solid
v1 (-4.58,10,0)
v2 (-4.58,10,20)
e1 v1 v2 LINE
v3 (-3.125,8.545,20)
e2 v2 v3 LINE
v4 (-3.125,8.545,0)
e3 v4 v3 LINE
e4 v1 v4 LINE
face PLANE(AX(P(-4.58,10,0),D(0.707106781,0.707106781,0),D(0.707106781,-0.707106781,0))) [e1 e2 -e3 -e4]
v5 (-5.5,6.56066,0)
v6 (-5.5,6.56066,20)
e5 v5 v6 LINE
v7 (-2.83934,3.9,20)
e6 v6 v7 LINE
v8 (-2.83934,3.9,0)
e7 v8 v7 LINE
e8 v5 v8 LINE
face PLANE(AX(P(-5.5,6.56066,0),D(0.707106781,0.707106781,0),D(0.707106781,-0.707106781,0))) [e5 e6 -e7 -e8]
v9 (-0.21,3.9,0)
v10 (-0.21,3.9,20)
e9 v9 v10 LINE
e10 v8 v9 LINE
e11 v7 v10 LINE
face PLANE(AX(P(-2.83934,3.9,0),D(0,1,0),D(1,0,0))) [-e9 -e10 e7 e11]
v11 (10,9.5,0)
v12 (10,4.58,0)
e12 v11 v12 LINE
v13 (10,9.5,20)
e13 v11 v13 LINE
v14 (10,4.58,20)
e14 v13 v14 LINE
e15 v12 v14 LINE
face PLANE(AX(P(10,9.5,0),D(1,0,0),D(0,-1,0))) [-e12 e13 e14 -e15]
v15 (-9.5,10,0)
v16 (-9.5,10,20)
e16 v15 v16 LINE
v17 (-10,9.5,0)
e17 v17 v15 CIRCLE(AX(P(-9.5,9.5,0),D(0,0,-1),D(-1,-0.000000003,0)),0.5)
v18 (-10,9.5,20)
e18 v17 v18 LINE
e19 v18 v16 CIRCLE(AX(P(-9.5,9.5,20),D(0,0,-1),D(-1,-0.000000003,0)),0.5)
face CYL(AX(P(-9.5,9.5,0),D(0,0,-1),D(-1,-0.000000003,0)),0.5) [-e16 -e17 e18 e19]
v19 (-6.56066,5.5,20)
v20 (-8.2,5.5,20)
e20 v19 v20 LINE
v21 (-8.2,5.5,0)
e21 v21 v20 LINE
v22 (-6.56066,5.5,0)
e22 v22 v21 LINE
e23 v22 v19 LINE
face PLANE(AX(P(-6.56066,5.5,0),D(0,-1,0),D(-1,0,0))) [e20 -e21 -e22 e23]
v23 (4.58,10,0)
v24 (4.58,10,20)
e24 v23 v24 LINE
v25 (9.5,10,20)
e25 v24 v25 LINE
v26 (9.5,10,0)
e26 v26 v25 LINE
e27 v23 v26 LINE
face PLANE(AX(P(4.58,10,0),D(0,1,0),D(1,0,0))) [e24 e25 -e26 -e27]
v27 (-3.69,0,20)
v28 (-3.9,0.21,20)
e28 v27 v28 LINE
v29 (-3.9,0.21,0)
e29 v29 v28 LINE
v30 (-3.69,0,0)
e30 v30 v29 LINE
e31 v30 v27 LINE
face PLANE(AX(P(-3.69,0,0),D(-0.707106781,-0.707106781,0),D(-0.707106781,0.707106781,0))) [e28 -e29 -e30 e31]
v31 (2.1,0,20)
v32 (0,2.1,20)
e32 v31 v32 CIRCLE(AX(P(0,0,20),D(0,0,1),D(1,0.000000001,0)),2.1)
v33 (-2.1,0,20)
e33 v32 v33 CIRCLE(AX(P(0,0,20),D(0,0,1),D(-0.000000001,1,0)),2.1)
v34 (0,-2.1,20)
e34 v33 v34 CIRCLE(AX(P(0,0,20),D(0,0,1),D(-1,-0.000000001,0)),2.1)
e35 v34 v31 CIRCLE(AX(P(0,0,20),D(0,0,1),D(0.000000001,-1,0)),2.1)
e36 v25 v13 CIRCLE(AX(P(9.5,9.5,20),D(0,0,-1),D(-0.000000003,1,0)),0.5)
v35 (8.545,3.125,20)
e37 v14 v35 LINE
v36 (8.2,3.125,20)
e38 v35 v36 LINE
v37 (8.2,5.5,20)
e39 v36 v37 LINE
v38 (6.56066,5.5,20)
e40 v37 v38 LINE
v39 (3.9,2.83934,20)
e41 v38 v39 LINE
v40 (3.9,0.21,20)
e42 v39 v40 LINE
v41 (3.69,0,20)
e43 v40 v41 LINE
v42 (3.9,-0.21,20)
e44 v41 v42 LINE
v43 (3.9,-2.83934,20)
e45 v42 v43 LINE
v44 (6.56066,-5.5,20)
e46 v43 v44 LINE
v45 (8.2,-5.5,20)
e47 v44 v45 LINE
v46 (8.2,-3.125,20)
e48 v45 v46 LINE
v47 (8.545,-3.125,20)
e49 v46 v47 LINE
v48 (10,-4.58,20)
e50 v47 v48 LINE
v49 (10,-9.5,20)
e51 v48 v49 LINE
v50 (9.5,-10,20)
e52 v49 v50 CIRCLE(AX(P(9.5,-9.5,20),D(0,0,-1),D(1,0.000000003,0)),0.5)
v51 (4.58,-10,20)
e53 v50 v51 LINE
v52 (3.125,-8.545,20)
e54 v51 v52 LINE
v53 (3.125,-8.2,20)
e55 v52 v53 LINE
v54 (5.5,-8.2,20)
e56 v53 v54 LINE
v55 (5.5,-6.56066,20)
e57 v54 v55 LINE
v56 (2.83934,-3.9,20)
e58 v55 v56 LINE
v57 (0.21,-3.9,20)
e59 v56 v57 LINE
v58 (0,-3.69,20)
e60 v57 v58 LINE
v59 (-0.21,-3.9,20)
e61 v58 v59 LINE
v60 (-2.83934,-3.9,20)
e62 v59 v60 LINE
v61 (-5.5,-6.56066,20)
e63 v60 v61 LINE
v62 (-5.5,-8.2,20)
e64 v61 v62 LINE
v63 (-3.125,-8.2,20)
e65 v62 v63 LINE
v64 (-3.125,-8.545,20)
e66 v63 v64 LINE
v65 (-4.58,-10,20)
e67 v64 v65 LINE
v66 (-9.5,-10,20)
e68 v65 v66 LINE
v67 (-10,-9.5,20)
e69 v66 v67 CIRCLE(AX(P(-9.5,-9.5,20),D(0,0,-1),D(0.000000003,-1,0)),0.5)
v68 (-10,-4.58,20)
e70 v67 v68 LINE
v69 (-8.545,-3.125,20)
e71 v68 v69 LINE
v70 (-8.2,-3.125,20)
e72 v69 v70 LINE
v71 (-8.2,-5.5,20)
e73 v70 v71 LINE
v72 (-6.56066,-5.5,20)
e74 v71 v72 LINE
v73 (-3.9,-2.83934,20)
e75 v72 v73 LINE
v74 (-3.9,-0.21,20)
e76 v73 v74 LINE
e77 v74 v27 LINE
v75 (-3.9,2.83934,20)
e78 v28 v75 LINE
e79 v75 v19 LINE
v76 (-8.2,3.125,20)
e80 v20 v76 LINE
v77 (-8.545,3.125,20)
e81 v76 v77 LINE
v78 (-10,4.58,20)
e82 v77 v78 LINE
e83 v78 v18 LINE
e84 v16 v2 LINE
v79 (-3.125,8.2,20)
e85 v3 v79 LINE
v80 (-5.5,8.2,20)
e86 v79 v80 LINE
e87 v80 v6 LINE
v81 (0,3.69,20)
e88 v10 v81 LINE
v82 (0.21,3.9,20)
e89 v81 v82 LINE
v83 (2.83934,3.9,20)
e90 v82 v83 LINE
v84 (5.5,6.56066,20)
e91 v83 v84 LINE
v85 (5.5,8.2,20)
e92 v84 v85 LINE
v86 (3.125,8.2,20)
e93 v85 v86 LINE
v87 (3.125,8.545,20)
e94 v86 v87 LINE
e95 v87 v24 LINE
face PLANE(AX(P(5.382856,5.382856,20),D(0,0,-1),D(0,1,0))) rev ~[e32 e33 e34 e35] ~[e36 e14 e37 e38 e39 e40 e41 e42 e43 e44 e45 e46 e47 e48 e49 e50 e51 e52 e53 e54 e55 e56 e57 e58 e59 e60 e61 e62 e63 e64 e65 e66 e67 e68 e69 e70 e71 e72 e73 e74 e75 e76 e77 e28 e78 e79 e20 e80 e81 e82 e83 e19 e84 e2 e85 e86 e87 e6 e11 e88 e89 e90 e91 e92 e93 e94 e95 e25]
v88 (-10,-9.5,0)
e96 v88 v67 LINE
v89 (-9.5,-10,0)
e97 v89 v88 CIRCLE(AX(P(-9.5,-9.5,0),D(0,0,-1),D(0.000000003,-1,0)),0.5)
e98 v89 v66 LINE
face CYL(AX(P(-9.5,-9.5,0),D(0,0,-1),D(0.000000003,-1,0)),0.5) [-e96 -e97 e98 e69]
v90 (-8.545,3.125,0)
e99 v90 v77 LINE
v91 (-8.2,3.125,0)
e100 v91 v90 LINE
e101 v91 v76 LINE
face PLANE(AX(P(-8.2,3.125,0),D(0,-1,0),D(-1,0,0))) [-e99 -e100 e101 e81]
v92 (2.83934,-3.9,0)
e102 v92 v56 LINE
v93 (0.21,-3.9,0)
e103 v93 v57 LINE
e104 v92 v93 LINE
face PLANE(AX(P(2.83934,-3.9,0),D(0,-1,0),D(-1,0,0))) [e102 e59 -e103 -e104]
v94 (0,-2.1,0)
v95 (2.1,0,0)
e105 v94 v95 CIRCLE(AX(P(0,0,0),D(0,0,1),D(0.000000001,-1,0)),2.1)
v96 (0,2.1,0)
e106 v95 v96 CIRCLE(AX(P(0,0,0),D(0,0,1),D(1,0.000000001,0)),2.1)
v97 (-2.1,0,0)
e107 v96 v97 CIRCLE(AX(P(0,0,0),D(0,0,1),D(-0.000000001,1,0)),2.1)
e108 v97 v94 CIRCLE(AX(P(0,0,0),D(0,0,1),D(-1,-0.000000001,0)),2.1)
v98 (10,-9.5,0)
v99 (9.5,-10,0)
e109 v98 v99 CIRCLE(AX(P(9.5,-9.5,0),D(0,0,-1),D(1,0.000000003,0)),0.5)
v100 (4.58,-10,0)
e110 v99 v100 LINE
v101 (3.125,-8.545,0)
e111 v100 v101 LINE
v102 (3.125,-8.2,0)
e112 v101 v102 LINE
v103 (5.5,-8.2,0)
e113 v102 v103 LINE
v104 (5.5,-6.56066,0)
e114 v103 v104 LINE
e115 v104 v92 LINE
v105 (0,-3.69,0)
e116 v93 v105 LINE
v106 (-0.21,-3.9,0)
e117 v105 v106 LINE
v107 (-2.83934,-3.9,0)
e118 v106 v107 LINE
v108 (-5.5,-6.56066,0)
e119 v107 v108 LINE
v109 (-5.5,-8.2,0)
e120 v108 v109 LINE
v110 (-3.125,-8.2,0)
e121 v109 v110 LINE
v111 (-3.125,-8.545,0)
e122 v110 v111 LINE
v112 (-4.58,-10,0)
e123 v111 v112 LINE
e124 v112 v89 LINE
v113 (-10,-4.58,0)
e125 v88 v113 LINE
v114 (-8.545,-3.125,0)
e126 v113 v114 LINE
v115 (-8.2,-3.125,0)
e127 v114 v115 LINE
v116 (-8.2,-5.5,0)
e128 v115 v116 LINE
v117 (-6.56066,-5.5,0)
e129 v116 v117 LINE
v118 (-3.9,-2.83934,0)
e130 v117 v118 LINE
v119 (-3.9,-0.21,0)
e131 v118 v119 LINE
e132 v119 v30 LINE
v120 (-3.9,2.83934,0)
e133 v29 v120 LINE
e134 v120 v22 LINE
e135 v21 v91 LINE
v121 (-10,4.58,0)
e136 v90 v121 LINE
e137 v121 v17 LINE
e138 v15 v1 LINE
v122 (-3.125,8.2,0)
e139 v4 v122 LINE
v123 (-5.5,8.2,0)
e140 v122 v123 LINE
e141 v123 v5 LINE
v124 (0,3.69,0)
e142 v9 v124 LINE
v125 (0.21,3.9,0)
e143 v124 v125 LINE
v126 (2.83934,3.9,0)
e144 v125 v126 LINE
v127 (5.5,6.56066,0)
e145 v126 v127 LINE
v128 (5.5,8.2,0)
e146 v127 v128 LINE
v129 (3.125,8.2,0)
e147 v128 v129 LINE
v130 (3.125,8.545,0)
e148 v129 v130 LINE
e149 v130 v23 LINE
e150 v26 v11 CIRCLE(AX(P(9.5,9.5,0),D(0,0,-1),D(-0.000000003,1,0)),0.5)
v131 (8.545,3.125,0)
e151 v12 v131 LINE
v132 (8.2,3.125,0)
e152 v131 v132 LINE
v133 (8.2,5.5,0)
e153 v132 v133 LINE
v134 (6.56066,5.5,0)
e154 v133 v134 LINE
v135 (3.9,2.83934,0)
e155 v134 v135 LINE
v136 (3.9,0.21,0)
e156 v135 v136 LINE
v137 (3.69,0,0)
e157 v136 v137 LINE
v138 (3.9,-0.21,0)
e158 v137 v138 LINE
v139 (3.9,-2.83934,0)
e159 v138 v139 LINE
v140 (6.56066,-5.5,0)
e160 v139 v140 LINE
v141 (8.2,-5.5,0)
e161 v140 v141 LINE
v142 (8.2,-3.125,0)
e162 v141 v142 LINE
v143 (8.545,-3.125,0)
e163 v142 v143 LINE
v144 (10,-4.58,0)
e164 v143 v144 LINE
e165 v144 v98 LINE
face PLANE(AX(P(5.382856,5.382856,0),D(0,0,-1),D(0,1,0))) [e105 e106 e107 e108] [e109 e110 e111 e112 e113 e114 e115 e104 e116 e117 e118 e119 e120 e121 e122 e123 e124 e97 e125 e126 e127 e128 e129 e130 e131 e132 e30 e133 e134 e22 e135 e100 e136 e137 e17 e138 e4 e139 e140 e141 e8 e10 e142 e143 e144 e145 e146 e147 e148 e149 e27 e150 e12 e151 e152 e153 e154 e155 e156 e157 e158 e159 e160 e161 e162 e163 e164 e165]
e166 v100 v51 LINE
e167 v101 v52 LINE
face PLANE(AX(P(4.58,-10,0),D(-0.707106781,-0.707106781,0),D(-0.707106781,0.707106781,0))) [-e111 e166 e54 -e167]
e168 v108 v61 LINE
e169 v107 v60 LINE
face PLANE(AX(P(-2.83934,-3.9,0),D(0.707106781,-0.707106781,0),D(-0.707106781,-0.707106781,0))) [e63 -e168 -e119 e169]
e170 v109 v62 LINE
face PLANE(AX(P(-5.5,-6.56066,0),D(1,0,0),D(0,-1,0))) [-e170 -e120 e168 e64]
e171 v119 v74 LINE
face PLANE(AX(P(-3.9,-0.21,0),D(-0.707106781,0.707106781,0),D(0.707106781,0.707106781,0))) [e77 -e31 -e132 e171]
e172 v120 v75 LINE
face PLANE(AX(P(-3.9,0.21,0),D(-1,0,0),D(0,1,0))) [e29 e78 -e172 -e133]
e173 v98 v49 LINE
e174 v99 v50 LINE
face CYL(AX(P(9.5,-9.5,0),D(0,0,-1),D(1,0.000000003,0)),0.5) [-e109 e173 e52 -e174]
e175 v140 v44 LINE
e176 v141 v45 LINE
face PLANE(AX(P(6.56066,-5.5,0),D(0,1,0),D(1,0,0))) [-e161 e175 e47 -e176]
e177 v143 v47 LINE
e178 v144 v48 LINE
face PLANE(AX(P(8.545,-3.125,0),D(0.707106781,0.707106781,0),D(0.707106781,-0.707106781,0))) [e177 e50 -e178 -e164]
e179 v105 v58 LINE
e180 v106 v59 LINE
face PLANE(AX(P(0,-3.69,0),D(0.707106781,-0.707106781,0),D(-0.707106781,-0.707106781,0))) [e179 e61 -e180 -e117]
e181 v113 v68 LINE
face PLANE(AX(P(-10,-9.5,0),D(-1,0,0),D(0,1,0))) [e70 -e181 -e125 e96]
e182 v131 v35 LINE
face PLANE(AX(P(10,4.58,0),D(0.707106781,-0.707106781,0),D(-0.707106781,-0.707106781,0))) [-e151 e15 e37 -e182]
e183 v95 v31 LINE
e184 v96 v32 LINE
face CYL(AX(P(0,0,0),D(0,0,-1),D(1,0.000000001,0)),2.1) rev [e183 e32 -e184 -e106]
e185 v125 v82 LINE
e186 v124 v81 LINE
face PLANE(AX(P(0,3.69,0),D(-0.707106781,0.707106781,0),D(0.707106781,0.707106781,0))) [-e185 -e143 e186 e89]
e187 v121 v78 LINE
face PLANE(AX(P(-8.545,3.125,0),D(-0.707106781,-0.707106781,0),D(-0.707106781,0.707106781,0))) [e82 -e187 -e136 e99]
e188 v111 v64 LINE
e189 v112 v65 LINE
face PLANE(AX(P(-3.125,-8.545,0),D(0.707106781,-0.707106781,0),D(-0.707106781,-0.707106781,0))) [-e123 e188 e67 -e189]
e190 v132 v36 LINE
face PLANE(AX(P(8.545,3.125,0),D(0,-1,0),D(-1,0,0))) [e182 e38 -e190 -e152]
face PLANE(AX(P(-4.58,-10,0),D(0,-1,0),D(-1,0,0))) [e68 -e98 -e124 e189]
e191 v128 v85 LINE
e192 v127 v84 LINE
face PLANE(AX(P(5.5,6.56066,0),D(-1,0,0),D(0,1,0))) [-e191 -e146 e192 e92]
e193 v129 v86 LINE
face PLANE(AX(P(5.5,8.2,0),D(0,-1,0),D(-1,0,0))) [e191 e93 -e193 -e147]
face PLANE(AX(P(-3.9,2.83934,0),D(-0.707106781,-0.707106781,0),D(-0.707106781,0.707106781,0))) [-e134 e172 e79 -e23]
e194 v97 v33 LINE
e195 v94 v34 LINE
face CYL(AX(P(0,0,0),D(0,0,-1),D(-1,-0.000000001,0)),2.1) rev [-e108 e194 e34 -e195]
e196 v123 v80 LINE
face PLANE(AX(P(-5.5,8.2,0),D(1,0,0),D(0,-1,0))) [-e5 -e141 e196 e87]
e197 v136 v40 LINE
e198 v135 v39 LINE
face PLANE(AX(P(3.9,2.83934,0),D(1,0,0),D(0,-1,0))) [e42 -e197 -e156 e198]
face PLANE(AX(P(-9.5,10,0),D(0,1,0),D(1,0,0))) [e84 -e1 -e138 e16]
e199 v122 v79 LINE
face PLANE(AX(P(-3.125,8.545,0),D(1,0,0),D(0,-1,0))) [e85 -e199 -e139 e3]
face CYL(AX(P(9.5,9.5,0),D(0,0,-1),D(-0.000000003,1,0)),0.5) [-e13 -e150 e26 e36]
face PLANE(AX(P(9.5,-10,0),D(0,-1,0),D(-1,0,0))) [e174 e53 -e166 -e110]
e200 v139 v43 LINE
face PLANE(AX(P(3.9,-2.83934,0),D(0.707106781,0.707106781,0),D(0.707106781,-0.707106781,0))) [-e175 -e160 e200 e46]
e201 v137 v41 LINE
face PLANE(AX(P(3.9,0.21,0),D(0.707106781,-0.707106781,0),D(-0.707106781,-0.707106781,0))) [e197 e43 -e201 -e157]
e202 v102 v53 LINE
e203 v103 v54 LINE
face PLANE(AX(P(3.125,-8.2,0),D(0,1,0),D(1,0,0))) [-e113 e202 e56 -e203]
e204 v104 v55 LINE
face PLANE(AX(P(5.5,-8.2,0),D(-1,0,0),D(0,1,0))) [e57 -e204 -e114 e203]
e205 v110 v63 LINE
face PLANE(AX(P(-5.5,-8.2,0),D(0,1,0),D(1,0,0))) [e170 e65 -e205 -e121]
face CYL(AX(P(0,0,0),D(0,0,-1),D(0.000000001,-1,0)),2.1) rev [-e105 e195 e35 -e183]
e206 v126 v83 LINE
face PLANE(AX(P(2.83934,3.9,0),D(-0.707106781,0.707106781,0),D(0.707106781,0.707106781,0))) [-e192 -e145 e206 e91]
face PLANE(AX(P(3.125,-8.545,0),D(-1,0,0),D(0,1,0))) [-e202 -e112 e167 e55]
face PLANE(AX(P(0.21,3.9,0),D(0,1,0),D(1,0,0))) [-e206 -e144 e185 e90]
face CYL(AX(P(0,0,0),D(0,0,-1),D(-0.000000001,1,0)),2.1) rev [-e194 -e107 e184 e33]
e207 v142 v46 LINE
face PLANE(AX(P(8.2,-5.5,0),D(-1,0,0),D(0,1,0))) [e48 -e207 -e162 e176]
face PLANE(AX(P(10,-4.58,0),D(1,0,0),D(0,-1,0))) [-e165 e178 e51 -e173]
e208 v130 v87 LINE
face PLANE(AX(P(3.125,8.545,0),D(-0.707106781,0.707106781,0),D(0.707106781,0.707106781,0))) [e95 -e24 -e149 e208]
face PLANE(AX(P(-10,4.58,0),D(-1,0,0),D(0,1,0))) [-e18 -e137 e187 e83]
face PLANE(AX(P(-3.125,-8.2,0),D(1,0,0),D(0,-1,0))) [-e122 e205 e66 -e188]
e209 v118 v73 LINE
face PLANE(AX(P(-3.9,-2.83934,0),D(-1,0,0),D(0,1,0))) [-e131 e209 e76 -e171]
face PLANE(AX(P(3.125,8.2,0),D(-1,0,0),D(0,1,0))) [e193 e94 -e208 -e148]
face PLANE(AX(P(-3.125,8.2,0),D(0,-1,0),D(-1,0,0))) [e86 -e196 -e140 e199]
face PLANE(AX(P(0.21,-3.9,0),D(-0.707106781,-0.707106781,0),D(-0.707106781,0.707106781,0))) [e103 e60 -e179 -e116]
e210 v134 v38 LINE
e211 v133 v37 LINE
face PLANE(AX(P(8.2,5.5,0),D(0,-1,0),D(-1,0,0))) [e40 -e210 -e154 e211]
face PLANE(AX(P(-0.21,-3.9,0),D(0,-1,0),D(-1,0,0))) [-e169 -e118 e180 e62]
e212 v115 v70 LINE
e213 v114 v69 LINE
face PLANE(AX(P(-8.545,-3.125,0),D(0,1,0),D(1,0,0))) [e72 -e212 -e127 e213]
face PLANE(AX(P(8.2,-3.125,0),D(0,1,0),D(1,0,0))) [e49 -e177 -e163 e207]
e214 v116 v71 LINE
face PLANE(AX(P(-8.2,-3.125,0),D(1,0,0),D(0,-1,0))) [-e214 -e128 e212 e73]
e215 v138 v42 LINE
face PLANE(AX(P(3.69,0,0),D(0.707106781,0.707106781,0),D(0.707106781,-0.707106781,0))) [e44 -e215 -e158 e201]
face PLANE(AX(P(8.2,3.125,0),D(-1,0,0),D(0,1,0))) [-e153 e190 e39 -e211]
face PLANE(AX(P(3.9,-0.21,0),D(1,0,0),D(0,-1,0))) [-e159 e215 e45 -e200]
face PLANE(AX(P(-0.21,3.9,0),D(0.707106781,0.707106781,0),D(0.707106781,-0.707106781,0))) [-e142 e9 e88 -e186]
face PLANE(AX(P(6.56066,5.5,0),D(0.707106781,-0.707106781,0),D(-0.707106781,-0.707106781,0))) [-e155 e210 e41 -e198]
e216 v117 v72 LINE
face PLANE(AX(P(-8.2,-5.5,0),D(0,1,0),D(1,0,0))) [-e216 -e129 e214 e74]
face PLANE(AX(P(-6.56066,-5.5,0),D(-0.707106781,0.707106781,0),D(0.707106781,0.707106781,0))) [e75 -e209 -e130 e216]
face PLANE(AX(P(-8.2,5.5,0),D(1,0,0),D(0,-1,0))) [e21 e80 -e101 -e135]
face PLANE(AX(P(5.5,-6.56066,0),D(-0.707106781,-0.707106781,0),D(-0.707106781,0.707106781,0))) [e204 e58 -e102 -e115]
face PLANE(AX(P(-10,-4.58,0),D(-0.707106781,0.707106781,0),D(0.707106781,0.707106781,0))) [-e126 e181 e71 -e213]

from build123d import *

# Parameters (mm, degrees)
BOSS_EXTRU_1_DEPTH           = 20
R_P_TITION_CIRCULAIRE1_COUNT = 4


with BuildPart() as part:
    # Esquisse1 → Boss.-Extru.1 (new body)
    with BuildSketch(Plane.XY):
        with BuildLine():
            Line((-9.5, 10), (-4.58, 10))
            Line((-4.58, 10), (-3.125, 8.545))
            Line((-3.125, 8.545), (-3.125, 8.2))
            Line((-3.125, 8.2), (-5.5, 8.2))
            Line((-5.5, 8.2), (-5.5, 6.560660172))
            Line((-5.5, 6.560660172), (-2.839339828, 3.9))
            Line((-2.839339828, 3.9), (-0.21, 3.9))
            Line((-0.21, 3.9), (0, 3.69))
            Line((0, 3.69), (0, 2.1))
            ThreePointArc((0, 2.1), (-1.48492424, 1.48492424), (-2.1, 0))
            Line((-2.1, 0), (-3.69, 0))
            Line((-3.69, 0), (-3.9, 0.21))
            Line((-3.9, 0.21), (-3.9, 2.839339828))
            Line((-3.9, 2.839339828), (-6.560660172, 5.5))
            Line((-6.560660172, 5.5), (-8.2, 5.5))
            Line((-8.2, 5.5), (-8.2, 3.125))
            Line((-8.2, 3.125), (-8.545, 3.125))
            Line((-8.545, 3.125), (-10, 4.58))
            Line((-10, 4.58), (-10, 9.5))
            ThreePointArc((-10, 9.5), (-9.853553391, 9.853553391), (-9.5, 10))
        make_face()
    boss_extru_1 = extrude(amount=BOSS_EXTRU_1_DEPTH)

    # Répétition circulaire1: Boss.-Extru.1 ×4 about axis
    r_p_tition_circulaire1_axis = Axis((0, 0, -13.782028156), (0, 0, 1))
    for i in range(1, R_P_TITION_CIRCULAIRE1_COUNT):
        add(boss_extru_1.rotate(r_p_tition_circulaire1_axis, i * 360 / R_P_TITION_CIRCULAIRE1_COUNT))


solid = part.part
